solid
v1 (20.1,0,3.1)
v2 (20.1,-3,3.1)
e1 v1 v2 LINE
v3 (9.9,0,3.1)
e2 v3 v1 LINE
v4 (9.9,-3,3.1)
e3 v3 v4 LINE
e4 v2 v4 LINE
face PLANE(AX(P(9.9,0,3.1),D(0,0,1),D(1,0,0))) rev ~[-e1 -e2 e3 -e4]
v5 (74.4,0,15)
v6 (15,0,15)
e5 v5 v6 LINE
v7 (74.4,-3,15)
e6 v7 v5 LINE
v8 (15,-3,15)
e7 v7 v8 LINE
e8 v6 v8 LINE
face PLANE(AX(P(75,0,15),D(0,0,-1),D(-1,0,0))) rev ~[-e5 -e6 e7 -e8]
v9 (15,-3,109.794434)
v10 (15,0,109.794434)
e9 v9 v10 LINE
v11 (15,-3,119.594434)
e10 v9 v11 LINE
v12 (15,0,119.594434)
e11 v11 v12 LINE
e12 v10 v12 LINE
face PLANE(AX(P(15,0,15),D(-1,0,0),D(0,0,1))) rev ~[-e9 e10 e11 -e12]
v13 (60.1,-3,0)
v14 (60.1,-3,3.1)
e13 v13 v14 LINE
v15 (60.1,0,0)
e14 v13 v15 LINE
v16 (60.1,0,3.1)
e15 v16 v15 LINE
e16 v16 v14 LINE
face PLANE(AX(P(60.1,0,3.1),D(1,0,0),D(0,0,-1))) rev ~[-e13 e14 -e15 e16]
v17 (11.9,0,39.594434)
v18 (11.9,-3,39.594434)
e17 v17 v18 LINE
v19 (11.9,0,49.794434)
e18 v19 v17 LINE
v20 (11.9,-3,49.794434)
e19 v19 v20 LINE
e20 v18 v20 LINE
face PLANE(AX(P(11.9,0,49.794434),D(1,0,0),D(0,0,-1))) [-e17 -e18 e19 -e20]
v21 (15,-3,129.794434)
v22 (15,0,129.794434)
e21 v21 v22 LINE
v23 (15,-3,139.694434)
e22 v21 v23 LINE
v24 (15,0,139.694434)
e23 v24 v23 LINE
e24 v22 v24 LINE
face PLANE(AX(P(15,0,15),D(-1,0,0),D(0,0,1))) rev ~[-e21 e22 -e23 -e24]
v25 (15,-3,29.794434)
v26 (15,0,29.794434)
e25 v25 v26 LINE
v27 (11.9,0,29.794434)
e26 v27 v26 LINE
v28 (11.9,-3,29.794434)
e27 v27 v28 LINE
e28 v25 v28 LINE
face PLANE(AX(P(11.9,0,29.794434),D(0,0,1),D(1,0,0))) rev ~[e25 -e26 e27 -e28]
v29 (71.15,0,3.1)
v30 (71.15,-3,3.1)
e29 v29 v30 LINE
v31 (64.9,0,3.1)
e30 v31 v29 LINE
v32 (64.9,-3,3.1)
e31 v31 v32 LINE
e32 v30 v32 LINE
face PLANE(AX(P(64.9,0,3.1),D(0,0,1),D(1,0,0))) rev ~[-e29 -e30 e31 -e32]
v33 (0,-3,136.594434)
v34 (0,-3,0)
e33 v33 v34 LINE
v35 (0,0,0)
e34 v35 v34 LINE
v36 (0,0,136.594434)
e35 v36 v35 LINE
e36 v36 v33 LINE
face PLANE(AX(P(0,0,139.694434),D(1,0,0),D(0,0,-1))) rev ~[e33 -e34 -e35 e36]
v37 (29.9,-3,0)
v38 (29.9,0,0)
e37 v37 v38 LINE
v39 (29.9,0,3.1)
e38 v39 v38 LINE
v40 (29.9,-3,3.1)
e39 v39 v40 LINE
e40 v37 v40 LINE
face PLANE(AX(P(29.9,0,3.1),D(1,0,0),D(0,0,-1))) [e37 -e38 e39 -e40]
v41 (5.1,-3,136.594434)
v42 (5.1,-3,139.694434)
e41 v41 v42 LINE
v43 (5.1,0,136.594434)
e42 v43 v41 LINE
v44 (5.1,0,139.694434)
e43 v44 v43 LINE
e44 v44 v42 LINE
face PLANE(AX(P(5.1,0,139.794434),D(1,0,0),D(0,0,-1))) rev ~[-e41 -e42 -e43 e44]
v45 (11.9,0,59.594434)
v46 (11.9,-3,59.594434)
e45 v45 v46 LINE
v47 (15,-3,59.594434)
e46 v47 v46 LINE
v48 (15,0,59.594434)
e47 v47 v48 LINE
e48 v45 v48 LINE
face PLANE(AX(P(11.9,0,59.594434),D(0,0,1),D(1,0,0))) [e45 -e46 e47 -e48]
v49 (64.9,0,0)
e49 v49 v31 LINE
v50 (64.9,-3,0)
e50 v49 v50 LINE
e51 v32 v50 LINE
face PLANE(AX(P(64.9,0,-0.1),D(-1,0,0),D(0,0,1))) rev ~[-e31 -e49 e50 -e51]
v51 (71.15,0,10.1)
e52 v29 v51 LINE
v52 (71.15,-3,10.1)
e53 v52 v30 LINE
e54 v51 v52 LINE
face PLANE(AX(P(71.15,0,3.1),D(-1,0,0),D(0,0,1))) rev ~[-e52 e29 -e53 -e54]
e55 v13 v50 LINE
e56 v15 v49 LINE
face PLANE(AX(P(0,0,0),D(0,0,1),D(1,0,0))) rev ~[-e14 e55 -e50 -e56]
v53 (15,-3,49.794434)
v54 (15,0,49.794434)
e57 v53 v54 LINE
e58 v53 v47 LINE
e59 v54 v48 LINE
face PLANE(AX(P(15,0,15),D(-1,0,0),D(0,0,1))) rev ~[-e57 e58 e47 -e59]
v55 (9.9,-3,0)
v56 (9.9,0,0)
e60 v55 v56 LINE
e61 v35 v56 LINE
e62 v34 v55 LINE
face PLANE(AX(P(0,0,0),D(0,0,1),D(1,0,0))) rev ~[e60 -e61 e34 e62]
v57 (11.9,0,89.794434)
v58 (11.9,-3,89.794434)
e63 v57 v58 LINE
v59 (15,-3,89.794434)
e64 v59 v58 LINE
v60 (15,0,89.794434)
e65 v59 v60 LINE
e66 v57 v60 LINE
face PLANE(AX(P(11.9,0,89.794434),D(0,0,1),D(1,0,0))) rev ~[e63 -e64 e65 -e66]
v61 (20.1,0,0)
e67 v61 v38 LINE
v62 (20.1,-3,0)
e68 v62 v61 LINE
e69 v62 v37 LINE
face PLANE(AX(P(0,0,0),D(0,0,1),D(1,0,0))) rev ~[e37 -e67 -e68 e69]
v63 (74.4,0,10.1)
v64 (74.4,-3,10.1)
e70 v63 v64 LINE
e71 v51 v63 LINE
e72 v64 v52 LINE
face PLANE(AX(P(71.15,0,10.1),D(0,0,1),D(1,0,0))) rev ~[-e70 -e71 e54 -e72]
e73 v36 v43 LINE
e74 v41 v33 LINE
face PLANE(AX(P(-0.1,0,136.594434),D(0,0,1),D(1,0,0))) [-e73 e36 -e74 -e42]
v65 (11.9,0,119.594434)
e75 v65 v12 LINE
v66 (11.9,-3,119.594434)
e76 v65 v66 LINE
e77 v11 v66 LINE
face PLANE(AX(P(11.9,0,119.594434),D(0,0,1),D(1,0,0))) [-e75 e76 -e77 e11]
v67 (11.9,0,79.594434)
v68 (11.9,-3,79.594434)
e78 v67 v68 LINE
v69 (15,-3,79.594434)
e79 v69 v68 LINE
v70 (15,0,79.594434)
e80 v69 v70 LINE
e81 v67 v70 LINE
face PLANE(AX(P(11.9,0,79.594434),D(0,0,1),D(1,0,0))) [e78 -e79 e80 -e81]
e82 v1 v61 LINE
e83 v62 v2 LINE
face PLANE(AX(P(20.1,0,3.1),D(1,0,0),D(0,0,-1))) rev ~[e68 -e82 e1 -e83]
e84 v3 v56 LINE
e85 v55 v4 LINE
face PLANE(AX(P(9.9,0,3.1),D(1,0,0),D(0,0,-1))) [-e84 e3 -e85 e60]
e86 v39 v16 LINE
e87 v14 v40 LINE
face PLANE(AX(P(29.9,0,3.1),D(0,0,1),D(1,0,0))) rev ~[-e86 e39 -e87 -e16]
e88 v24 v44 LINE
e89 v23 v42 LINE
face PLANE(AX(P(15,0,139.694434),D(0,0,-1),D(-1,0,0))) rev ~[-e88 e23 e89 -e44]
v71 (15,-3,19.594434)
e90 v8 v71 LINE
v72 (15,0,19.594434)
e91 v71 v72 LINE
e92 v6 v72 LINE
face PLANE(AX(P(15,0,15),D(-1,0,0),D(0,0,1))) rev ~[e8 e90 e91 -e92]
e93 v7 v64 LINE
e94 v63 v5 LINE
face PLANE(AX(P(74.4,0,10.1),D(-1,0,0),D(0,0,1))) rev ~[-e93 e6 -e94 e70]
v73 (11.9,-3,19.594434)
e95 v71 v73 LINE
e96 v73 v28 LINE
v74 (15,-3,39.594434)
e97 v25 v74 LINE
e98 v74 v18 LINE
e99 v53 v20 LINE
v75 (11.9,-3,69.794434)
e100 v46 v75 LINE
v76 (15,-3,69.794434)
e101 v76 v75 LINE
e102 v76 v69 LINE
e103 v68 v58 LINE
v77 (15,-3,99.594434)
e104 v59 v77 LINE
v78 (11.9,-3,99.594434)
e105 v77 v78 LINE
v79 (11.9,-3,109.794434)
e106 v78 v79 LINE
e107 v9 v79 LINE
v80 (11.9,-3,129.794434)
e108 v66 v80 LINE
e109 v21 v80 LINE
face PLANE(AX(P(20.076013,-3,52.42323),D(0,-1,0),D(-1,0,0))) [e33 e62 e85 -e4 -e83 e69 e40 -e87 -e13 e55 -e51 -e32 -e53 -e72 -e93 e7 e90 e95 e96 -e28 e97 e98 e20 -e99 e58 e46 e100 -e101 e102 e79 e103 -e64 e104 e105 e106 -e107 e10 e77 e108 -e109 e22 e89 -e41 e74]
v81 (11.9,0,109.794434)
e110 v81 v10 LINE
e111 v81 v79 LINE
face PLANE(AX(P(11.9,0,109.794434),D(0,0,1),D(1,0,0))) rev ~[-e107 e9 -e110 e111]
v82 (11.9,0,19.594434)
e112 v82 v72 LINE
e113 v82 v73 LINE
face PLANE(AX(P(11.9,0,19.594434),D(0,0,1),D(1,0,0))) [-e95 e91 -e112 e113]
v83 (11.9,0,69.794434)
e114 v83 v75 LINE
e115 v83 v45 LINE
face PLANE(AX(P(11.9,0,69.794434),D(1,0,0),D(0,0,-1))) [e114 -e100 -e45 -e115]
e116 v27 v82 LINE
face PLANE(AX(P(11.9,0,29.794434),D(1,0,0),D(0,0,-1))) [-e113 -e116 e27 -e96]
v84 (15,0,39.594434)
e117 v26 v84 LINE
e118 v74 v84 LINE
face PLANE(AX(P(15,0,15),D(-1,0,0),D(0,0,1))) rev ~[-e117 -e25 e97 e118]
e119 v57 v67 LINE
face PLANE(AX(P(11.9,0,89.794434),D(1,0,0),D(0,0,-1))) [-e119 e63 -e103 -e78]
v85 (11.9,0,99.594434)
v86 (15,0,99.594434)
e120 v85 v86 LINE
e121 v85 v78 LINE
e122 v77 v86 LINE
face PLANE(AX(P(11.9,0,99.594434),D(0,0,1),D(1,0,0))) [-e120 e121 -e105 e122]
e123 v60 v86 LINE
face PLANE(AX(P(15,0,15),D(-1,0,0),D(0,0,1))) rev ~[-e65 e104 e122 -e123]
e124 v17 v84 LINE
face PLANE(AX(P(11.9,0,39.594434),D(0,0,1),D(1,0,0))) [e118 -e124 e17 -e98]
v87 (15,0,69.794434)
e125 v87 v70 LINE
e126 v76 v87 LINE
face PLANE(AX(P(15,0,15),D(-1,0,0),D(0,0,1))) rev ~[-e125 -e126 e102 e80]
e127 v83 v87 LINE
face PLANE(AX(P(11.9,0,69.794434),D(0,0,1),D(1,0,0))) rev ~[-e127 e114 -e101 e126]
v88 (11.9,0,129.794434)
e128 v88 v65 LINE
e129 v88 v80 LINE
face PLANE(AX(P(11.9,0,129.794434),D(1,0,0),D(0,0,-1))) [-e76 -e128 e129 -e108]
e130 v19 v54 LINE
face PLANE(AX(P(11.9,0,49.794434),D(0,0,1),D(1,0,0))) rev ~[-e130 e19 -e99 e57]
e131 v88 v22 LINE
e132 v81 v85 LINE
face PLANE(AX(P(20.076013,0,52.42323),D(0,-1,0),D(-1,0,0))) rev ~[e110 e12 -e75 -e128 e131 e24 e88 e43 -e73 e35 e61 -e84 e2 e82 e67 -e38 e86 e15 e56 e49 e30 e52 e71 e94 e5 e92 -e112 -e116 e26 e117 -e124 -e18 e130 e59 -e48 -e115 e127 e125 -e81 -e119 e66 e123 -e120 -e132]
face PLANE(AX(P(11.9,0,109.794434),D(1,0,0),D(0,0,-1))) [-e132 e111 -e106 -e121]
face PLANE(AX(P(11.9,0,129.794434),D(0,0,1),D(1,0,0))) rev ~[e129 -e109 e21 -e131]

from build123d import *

# Parameters (mm, degrees)
BOSS_EXTRUDE1_DEPTH = 3
SKETCH3_W           = 5.2
SKETCH3_H           = 3.2
SKETCH3_W_2         = 10.2
SKETCH3_W_3         = 30.2
SKETCH3_W_4         = 3.2
SKETCH3_H_2         = 10.2
CUT_EXTRUDE1_DEPTH  = 4


with BuildPart() as part:
    # Sketch1 → Boss-Extrude1 (new body)
    with BuildSketch(Plane(origin=(0, 0, 0), x_dir=(1, 0, 0), z_dir=(0, 1, 0))):
        Polygon((0, 0), (75, 0), (75, -15), (15, -15), (15, -139.694434203), (0, -139.694434203), align=None)
    extrude(amount=-BOSS_EXTRUDE1_DEPTH)

    # Sketch3 → Cut-Extrude1 (cut, through all)
    with BuildSketch(Plane(origin=(0, 0, 0), x_dir=(1, 0, 0), z_dir=(0, 1, 0))):
        with Locations((2.5, -138.194434203)):
            Rectangle(SKETCH3_W, SKETCH3_H)
        with Locations((15, -1.5)):
            Rectangle(SKETCH3_W_2, SKETCH3_H)
        with Locations((45, -1.5)):
            Rectangle(SKETCH3_W_3, SKETCH3_H)
        with Locations((13.5, -104.694434203)):
            Rectangle(SKETCH3_W_4, SKETCH3_H_2)
        with Locations((13.5, -64.694434203)):
            Rectangle(SKETCH3_W_4, SKETCH3_H_2)
        with Locations((13.5, -124.694434203)):
            Rectangle(SKETCH3_W_4, SKETCH3_H_2)
        with Locations((13.5, -44.694434203)):
            Rectangle(SKETCH3_W_4, SKETCH3_H_2)
        with Locations((13.5, -24.694434203)):
            Rectangle(SKETCH3_W_4, SKETCH3_H_2)
        with Locations((13.5, -84.694434203)):
            Rectangle(SKETCH3_W_4, SKETCH3_H_2)
        Polygon((75.1, 0.1), (64.9, 0.1), (64.9, -3.1), (71.15, -3.1), (71.15, -10.1), (74.4, -10.1), (74.4, -15.1), (75.1, -15.1), align=None)
    extrude(amount=-CUT_EXTRUDE1_DEPTH, mode=Mode.SUBTRACT)


solid = part.part
